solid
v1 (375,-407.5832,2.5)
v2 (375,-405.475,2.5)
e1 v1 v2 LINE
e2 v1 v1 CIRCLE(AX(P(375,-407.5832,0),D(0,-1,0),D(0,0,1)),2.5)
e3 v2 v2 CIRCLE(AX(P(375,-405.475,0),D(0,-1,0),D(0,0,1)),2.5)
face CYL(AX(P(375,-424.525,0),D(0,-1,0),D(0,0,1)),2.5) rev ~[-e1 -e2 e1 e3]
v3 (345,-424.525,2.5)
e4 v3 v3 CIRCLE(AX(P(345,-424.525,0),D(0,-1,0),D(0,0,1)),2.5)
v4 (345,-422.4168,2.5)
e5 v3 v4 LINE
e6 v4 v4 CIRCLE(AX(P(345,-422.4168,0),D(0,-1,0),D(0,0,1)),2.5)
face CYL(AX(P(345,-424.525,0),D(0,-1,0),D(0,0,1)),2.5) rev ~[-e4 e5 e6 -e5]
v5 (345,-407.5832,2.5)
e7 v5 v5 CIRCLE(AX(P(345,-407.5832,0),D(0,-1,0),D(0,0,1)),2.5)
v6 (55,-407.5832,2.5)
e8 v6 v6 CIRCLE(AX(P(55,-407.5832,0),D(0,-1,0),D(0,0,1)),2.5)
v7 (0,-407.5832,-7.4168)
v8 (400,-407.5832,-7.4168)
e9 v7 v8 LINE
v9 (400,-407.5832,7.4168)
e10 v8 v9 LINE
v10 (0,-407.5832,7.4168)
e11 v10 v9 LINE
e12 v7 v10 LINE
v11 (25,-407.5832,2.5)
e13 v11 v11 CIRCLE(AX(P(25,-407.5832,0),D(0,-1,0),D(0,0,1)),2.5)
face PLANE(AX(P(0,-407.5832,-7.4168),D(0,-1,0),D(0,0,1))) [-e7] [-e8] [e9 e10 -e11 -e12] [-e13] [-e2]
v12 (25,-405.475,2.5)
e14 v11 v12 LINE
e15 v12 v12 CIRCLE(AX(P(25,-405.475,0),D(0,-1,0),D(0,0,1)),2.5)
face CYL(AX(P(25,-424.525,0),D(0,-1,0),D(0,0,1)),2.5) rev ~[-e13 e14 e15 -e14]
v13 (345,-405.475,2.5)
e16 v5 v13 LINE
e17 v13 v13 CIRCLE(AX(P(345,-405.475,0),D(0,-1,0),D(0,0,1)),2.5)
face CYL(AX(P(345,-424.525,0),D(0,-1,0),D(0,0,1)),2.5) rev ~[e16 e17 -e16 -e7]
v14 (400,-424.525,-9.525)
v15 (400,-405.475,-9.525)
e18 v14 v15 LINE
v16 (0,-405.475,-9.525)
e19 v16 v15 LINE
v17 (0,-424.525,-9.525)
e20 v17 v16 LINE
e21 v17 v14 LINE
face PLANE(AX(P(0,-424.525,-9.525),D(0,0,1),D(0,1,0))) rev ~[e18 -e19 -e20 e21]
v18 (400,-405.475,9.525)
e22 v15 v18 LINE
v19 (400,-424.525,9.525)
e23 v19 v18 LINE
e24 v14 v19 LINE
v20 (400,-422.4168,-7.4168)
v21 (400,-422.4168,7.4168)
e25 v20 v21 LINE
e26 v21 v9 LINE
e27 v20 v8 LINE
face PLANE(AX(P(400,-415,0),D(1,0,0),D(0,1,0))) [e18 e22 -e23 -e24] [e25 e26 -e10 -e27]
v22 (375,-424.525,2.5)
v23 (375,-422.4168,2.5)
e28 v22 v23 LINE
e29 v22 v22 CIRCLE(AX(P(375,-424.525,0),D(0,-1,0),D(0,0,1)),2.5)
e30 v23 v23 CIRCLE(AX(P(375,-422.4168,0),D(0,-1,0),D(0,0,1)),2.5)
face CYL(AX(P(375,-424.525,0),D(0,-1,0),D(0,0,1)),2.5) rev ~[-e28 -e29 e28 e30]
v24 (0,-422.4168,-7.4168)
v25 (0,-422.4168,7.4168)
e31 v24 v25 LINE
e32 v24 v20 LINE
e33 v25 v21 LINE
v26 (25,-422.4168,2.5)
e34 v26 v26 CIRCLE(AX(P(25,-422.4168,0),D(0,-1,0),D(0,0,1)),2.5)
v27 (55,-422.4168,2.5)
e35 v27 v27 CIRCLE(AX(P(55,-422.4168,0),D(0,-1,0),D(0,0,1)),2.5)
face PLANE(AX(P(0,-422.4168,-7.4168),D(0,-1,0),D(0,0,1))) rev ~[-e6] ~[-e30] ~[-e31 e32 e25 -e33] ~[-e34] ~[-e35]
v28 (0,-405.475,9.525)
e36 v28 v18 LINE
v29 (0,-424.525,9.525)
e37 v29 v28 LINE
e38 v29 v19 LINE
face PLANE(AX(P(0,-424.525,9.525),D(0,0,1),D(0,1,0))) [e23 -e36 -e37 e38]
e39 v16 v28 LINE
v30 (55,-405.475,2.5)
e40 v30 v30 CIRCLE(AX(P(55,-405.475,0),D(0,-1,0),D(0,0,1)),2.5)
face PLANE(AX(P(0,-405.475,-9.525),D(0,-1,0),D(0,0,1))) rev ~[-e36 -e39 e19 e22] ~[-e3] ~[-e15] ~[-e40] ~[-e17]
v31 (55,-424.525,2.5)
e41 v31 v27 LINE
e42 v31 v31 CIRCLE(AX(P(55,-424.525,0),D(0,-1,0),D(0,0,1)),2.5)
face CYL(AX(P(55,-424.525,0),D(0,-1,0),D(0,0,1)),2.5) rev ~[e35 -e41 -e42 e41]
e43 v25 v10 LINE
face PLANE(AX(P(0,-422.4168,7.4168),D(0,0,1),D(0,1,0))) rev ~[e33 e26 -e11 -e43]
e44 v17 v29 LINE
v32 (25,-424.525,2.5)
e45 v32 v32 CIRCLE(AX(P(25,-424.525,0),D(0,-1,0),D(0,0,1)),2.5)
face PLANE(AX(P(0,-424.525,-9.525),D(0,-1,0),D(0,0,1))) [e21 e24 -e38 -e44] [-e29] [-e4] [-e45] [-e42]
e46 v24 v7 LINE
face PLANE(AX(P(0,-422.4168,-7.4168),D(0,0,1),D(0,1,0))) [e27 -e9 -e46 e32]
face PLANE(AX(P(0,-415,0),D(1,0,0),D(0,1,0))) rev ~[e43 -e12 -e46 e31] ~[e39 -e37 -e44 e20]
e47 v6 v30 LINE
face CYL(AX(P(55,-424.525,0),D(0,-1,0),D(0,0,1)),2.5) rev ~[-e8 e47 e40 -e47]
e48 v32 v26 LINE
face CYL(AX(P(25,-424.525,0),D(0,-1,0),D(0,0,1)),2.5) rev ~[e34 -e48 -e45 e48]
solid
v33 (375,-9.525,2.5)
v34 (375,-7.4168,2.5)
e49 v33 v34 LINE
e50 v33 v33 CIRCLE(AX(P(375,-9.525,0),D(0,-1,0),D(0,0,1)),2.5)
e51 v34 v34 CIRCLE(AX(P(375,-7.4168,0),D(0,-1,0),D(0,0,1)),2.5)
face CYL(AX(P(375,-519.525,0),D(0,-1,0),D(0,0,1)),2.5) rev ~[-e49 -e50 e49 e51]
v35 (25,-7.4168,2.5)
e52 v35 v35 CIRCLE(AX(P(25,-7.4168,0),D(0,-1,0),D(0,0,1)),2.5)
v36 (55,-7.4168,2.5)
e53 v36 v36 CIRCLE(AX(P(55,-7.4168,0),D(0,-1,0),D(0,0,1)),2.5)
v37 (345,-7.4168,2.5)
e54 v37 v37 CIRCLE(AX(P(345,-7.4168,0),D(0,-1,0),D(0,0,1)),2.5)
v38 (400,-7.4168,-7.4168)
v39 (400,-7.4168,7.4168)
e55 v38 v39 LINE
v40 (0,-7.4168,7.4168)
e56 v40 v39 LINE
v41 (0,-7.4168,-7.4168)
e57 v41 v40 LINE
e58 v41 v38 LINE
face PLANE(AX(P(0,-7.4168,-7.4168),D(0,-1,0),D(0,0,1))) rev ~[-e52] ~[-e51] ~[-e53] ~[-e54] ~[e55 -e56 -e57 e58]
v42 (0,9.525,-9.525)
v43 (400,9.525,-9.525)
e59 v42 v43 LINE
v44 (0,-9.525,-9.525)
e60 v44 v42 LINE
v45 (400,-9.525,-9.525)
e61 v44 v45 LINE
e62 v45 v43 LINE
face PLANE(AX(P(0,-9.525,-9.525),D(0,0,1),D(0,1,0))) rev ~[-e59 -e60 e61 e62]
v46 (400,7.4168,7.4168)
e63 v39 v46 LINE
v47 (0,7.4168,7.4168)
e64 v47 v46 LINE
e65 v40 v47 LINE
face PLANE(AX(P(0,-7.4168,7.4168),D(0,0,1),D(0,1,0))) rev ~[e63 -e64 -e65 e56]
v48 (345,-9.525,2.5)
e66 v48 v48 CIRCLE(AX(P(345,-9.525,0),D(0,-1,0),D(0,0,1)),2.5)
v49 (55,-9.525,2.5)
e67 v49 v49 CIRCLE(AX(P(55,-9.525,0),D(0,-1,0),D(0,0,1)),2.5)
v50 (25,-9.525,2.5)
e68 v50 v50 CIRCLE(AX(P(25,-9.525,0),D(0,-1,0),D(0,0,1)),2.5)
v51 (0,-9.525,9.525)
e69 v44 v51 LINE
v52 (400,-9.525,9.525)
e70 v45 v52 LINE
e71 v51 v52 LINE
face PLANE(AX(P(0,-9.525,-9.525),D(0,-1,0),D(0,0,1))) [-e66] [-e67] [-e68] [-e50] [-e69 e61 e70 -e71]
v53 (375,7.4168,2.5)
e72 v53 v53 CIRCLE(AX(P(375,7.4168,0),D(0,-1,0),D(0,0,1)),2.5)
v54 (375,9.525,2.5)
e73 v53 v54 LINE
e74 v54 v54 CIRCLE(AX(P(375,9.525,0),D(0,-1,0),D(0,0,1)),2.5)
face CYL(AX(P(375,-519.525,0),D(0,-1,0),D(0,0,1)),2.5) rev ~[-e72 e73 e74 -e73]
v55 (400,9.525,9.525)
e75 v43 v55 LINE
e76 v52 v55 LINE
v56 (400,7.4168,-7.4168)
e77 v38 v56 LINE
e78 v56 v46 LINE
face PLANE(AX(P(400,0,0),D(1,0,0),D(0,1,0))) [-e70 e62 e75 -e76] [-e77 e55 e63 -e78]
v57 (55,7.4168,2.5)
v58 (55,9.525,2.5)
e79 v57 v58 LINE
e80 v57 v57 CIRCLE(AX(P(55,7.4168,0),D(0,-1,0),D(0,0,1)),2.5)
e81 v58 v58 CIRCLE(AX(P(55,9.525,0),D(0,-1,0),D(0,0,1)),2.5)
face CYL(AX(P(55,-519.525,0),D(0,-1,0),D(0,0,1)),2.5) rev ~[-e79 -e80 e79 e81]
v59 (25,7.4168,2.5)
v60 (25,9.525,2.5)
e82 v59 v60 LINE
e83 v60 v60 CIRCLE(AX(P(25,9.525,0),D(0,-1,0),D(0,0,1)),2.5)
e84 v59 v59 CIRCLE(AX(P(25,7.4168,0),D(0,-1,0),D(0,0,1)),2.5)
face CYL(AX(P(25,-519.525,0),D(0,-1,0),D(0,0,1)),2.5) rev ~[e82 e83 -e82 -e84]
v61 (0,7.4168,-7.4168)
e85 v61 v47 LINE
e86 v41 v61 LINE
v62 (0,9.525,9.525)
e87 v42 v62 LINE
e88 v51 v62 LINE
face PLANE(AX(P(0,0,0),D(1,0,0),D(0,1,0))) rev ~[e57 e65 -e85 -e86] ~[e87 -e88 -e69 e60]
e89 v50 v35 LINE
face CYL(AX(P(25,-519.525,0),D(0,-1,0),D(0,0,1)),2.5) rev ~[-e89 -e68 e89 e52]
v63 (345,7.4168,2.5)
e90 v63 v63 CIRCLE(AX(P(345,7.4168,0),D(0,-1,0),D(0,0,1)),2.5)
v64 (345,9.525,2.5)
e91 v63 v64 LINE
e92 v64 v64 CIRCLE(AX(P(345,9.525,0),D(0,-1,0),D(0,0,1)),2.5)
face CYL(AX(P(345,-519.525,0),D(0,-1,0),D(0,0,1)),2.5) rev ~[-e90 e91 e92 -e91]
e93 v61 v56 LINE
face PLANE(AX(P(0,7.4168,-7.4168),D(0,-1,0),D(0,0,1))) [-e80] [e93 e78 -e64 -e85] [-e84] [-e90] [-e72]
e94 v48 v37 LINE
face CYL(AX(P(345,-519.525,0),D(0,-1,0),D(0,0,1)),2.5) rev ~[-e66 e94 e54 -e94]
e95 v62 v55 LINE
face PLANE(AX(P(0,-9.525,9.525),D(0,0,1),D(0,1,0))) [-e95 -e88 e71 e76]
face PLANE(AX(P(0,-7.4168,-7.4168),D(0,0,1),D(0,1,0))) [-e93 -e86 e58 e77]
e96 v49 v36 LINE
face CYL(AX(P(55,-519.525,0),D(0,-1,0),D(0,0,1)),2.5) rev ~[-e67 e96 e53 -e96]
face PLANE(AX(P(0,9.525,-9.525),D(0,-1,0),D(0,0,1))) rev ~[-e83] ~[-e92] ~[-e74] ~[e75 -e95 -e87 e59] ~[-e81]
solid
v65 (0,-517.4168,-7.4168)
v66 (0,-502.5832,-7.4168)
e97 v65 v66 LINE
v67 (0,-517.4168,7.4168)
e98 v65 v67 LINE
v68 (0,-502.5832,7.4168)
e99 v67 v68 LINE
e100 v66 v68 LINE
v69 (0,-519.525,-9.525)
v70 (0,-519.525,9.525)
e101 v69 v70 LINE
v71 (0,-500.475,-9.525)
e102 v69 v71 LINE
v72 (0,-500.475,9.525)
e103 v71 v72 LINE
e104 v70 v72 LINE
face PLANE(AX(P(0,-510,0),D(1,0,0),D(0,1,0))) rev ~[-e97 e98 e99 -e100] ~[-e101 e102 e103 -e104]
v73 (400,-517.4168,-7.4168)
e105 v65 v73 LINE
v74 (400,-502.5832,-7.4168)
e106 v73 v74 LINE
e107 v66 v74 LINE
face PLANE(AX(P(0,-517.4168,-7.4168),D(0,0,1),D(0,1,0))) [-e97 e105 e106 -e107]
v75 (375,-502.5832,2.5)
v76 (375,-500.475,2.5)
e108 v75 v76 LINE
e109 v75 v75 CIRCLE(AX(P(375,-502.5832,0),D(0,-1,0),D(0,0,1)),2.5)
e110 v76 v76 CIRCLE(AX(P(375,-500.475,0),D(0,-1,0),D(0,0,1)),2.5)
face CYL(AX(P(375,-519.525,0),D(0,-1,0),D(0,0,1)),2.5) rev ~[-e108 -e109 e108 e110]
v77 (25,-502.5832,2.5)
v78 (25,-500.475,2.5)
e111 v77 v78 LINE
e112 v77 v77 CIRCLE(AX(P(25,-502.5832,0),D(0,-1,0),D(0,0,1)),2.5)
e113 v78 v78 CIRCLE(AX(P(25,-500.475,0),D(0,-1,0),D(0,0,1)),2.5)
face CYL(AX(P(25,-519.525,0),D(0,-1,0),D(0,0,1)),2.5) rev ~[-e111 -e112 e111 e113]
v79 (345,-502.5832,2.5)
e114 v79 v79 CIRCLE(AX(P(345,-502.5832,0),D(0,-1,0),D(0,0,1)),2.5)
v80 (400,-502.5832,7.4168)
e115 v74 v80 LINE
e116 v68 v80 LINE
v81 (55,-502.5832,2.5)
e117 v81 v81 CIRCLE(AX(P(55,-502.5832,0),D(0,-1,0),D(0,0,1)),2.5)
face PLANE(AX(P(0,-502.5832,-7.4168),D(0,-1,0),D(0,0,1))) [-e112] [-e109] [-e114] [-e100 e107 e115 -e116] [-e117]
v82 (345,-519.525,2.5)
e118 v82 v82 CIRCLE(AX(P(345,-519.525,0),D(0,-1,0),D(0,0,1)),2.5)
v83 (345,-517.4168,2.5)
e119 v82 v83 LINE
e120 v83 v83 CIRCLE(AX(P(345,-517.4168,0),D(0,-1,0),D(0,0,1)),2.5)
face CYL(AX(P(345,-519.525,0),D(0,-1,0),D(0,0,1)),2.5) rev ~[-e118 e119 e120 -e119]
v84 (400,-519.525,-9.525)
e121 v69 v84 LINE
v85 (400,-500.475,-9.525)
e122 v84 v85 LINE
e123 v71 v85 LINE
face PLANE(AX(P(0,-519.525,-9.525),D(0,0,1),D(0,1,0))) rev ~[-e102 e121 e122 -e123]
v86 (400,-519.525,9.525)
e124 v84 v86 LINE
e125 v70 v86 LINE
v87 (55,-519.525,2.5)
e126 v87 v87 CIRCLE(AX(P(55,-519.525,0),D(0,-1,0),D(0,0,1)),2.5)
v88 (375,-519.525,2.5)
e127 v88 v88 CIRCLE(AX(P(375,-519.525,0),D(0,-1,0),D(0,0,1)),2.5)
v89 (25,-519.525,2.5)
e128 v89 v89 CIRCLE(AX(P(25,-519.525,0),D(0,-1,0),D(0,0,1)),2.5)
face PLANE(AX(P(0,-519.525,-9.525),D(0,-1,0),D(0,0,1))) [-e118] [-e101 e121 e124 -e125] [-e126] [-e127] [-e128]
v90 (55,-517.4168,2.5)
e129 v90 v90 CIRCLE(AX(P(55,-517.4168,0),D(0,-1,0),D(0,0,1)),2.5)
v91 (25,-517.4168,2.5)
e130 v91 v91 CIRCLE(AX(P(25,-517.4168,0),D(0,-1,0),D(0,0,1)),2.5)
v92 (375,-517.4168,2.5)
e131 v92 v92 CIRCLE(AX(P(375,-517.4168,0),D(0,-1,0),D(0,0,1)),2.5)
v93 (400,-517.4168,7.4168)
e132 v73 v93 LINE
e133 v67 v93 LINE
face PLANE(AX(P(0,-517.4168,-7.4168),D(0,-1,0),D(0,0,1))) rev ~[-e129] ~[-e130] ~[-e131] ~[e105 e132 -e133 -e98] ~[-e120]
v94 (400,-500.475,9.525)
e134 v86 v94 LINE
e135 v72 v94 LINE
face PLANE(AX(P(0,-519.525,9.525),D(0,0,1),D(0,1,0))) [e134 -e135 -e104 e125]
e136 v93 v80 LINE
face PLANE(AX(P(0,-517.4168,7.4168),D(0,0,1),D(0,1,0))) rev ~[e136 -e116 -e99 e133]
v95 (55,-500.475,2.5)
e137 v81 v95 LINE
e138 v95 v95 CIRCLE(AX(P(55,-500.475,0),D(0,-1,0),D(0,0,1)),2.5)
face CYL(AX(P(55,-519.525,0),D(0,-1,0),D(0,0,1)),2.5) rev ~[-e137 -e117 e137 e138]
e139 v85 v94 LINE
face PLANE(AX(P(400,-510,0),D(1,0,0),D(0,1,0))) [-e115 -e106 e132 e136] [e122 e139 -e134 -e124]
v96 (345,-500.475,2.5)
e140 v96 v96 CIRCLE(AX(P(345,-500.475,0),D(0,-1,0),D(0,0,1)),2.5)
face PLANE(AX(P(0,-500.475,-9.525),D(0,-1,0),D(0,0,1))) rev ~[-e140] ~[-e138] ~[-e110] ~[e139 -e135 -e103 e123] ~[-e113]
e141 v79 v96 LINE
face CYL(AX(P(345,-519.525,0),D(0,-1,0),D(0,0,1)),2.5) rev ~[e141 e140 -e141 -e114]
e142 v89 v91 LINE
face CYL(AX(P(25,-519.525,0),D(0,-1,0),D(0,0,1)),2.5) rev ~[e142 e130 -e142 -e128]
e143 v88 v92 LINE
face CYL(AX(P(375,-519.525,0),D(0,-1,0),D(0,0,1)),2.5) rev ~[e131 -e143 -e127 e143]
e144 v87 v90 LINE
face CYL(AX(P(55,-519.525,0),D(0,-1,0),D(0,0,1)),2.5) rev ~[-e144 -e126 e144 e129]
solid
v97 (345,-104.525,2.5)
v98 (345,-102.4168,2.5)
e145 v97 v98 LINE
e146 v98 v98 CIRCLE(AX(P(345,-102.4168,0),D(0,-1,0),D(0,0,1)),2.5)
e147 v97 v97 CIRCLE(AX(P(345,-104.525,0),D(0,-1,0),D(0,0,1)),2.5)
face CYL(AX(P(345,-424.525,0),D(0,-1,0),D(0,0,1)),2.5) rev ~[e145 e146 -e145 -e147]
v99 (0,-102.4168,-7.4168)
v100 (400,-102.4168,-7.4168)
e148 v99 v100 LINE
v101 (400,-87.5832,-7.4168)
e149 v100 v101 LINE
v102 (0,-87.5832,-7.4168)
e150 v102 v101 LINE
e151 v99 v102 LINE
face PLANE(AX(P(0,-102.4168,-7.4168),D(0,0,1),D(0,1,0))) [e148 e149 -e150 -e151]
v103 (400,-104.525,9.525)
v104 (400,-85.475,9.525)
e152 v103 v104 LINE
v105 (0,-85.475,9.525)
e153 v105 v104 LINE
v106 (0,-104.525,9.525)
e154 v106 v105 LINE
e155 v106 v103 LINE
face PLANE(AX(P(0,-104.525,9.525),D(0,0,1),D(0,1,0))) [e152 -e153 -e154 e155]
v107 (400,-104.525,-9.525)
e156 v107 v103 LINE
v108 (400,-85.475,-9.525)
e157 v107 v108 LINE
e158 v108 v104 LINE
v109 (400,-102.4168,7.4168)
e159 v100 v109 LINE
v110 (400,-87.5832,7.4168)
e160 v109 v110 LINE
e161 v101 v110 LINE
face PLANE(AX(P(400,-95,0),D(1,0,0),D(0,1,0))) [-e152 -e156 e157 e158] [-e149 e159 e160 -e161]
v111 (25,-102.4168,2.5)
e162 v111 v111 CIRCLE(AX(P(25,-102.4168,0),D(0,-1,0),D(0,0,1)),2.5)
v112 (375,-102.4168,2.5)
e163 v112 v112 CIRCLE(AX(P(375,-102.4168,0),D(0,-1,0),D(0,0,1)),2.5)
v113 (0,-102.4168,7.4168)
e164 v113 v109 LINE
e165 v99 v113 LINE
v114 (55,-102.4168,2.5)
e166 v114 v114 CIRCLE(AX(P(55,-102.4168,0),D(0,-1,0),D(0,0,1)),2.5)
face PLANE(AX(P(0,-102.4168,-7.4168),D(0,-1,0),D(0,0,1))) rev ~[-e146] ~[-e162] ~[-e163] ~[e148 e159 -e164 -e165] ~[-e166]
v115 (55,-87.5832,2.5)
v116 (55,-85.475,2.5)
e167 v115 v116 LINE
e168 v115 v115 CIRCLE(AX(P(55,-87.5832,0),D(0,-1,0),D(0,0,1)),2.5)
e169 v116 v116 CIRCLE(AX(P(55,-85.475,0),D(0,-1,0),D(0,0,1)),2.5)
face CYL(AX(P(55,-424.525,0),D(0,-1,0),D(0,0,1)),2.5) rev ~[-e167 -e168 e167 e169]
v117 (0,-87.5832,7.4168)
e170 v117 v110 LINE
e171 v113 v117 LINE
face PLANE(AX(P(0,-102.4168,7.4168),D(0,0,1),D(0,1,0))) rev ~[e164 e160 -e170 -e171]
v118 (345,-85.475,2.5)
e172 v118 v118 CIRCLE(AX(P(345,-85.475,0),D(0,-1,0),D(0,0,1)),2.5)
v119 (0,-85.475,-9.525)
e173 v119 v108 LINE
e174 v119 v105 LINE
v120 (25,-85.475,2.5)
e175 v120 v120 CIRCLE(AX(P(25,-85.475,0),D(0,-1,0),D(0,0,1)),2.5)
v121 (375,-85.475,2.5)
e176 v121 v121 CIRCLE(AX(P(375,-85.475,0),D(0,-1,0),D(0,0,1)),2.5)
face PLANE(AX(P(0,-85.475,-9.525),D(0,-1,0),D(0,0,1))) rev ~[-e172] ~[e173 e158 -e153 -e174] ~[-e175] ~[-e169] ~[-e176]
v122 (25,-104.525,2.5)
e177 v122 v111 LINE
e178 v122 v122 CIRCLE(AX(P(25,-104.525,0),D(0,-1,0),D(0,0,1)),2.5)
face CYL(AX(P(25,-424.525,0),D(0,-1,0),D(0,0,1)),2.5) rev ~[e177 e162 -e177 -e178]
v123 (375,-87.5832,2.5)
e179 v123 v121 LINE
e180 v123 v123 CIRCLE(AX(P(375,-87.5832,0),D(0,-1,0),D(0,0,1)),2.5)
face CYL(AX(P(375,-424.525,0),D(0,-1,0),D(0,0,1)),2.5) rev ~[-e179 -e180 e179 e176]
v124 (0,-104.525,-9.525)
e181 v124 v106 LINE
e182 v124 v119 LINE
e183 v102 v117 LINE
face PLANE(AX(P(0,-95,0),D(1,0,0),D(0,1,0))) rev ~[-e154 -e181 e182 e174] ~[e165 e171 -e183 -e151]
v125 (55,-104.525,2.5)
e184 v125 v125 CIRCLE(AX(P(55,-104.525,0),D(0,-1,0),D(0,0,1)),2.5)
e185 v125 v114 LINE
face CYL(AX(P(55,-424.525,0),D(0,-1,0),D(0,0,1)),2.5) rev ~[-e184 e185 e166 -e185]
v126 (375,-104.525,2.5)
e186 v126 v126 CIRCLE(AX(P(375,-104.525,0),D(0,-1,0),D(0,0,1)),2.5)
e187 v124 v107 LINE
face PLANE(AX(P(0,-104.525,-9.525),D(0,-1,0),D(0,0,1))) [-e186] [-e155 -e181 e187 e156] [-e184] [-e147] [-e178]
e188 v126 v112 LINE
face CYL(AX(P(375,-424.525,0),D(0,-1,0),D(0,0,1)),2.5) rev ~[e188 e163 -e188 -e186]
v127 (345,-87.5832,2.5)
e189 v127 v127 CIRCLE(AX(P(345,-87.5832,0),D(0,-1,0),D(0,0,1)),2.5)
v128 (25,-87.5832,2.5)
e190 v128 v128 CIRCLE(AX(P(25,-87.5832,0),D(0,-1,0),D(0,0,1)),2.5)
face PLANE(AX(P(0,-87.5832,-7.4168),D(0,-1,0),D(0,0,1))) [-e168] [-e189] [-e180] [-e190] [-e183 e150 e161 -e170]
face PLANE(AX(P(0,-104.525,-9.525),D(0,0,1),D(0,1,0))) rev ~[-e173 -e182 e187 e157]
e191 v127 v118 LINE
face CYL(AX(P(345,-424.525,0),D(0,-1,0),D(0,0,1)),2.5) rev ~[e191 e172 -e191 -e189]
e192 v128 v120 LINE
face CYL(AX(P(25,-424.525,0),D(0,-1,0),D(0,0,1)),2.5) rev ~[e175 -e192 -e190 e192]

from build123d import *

# Parameters (mm, degrees)
SKETCH11_W                                    = 19.05
SKETCH11_H                                    = 19.05
SKETCH11_W_2                                  = 14.8336
SKETCH11_H_2                                  = 14.8336
AL_TUBE_SQUARE_AL_TUBE_0_75_SQR_X_0_083_DEPTH = 400
SKETCH11_ON_SEGMENT_2_W                       = 19.05
SKETCH11_ON_SEGMENT_2_H                       = 19.05
SKETCH11_ON_SEGMENT_2_W_2                     = 14.8336
SKETCH11_ON_SEGMENT_2_H_2                     = 14.8336
AL_TUBE_SQUARE_AL_TUBE_0_75_SQR_X_0_2_DEPTH   = 400
SKETCH11_ON_SEGMENT_3_W                       = 19.05
SKETCH11_ON_SEGMENT_3_H                       = 19.05
SKETCH11_ON_SEGMENT_3_W_2                     = 14.8336
SKETCH11_ON_SEGMENT_3_H_2                     = 14.8336
AL_TUBE_SQUARE_AL_TUBE_0_75_SQR_X_0_3_DEPTH   = 400
SKETCH11_ON_SEGMENT_4_W                       = 19.05
SKETCH11_ON_SEGMENT_4_H                       = 19.05
SKETCH11_ON_SEGMENT_4_W_2                     = 14.8336
SKETCH11_ON_SEGMENT_4_H_2                     = 14.8336
AL_TUBE_SQUARE_AL_TUBE_0_75_SQR_X_0_4_DEPTH   = 400
SKETCH12_R                                    = 2.5
CUT_EXTRUDE1_DEPTH                            = 664.313370983
SKETCH13_R                                    = 2.5
CUT_EXTRUDE2_DEPTH                            = 339.05


with BuildPart() as part:
    # Sketch11 → Al tube square AL TUBE 0.75 SQR X 0.083 WALL(1) (new body)
    with BuildSketch(Plane(origin=(0, -415, 0), x_dir=(0, 1, 0), z_dir=(1, 0, 0))):
        Rectangle(SKETCH11_W, SKETCH11_H)
        Rectangle(SKETCH11_W_2, SKETCH11_H_2, mode=Mode.SUBTRACT)
    extrude(amount=AL_TUBE_SQUARE_AL_TUBE_0_75_SQR_X_0_083_DEPTH)


with BuildPart() as body_2:
    # Sketch11 on segment 2 (carried to segment 2) → Al tube square AL TUBE 0.75 SQR X 0. 2 (new body)
    with BuildSketch(Plane(origin=(0, -95, 0), x_dir=(0, 1, 0), z_dir=(1, 0, 0))):
        Rectangle(SKETCH11_ON_SEGMENT_2_W, SKETCH11_ON_SEGMENT_2_H)
        Rectangle(SKETCH11_ON_SEGMENT_2_W_2, SKETCH11_ON_SEGMENT_2_H_2, mode=Mode.SUBTRACT)
    extrude(amount=AL_TUBE_SQUARE_AL_TUBE_0_75_SQR_X_0_2_DEPTH)


with BuildPart() as body_3:
    # Sketch11 on segment 3 (carried to segment 3) → Al tube square AL TUBE 0.75 SQR X 0. 3 (new body)
    with BuildSketch(Plane(origin=(0, -510, 0), x_dir=(0, 1, 0), z_dir=(1, 0, 0))):
        Rectangle(SKETCH11_ON_SEGMENT_3_W, SKETCH11_ON_SEGMENT_3_H)
        Rectangle(SKETCH11_ON_SEGMENT_3_W_2, SKETCH11_ON_SEGMENT_3_H_2, mode=Mode.SUBTRACT)
    extrude(amount=AL_TUBE_SQUARE_AL_TUBE_0_75_SQR_X_0_3_DEPTH)


with BuildPart() as body_4:
    # Sketch11 on segment 4 (carried to segment 4) → Al tube square AL TUBE 0.75 SQR X 0. 4 (new body)
    with BuildSketch(Plane.YZ):
        Rectangle(SKETCH11_ON_SEGMENT_4_W, SKETCH11_ON_SEGMENT_4_H)
        Rectangle(SKETCH11_ON_SEGMENT_4_W_2, SKETCH11_ON_SEGMENT_4_H_2, mode=Mode.SUBTRACT)
    extrude(amount=AL_TUBE_SQUARE_AL_TUBE_0_75_SQR_X_0_4_DEPTH)


with BuildPart() as cut_extrude1_tool:
    # Sketch12 → Cut-Extrude1 (new, through all)
    with BuildSketch(Plane.XZ.offset(519.525)):
        with Locations(Location((25, 0, 0), (0, 0, 90))):
            Circle(SKETCH12_R)
        with Locations(Location((55, 0, 0), (0, 0, 90))):
            Circle(SKETCH12_R)
        with Locations(Location((345, 0, 0), (0, 0, 90))):
            Circle(SKETCH12_R)
        with Locations(Location((375, 0, 0), (0, 0, 90))):
            Circle(SKETCH12_R)
    extrude(amount=-CUT_EXTRUDE1_DEPTH)


with BuildPart() as body_3_1:
    add(body_3.part)

    # Cut-Extrude1: cut by cut_extrude1_tool
    add(cut_extrude1_tool.part, mode=Mode.SUBTRACT)


with BuildPart() as body_4_1:
    add(body_4.part)

    # Cut-Extrude1: cut by cut_extrude1_tool
    add(cut_extrude1_tool.part, mode=Mode.SUBTRACT)


with BuildPart() as cut_extrude2_tool:
    # Sketch13 → Cut-Extrude2 (new body)
    with BuildSketch(Plane.XZ.offset(424.525)):
        with Locations(Location((25, 0, 0), (0, 0, 90))):
            Circle(SKETCH13_R)
        with Locations(Location((55, 0, 0), (0, 0, 90))):
            Circle(SKETCH13_R)
        with Locations(Location((345, 0, 0), (0, 0, 90))):
            Circle(SKETCH13_R)
        with Locations(Location((375, 0, 0), (0, 0, 90))):
            Circle(SKETCH13_R)
    extrude(amount=-CUT_EXTRUDE2_DEPTH)


with BuildPart() as part_1:
    add(part.part)

    # Cut-Extrude2: cut by cut_extrude2_tool
    add(cut_extrude2_tool.part, mode=Mode.SUBTRACT)


with BuildPart() as body_2_1:
    add(body_2.part)

    # Cut-Extrude2: cut by cut_extrude2_tool
    add(cut_extrude2_tool.part, mode=Mode.SUBTRACT)


solid = Compound([body_3_1.part, body_4_1.part, part_1.part, body_2_1.part])
